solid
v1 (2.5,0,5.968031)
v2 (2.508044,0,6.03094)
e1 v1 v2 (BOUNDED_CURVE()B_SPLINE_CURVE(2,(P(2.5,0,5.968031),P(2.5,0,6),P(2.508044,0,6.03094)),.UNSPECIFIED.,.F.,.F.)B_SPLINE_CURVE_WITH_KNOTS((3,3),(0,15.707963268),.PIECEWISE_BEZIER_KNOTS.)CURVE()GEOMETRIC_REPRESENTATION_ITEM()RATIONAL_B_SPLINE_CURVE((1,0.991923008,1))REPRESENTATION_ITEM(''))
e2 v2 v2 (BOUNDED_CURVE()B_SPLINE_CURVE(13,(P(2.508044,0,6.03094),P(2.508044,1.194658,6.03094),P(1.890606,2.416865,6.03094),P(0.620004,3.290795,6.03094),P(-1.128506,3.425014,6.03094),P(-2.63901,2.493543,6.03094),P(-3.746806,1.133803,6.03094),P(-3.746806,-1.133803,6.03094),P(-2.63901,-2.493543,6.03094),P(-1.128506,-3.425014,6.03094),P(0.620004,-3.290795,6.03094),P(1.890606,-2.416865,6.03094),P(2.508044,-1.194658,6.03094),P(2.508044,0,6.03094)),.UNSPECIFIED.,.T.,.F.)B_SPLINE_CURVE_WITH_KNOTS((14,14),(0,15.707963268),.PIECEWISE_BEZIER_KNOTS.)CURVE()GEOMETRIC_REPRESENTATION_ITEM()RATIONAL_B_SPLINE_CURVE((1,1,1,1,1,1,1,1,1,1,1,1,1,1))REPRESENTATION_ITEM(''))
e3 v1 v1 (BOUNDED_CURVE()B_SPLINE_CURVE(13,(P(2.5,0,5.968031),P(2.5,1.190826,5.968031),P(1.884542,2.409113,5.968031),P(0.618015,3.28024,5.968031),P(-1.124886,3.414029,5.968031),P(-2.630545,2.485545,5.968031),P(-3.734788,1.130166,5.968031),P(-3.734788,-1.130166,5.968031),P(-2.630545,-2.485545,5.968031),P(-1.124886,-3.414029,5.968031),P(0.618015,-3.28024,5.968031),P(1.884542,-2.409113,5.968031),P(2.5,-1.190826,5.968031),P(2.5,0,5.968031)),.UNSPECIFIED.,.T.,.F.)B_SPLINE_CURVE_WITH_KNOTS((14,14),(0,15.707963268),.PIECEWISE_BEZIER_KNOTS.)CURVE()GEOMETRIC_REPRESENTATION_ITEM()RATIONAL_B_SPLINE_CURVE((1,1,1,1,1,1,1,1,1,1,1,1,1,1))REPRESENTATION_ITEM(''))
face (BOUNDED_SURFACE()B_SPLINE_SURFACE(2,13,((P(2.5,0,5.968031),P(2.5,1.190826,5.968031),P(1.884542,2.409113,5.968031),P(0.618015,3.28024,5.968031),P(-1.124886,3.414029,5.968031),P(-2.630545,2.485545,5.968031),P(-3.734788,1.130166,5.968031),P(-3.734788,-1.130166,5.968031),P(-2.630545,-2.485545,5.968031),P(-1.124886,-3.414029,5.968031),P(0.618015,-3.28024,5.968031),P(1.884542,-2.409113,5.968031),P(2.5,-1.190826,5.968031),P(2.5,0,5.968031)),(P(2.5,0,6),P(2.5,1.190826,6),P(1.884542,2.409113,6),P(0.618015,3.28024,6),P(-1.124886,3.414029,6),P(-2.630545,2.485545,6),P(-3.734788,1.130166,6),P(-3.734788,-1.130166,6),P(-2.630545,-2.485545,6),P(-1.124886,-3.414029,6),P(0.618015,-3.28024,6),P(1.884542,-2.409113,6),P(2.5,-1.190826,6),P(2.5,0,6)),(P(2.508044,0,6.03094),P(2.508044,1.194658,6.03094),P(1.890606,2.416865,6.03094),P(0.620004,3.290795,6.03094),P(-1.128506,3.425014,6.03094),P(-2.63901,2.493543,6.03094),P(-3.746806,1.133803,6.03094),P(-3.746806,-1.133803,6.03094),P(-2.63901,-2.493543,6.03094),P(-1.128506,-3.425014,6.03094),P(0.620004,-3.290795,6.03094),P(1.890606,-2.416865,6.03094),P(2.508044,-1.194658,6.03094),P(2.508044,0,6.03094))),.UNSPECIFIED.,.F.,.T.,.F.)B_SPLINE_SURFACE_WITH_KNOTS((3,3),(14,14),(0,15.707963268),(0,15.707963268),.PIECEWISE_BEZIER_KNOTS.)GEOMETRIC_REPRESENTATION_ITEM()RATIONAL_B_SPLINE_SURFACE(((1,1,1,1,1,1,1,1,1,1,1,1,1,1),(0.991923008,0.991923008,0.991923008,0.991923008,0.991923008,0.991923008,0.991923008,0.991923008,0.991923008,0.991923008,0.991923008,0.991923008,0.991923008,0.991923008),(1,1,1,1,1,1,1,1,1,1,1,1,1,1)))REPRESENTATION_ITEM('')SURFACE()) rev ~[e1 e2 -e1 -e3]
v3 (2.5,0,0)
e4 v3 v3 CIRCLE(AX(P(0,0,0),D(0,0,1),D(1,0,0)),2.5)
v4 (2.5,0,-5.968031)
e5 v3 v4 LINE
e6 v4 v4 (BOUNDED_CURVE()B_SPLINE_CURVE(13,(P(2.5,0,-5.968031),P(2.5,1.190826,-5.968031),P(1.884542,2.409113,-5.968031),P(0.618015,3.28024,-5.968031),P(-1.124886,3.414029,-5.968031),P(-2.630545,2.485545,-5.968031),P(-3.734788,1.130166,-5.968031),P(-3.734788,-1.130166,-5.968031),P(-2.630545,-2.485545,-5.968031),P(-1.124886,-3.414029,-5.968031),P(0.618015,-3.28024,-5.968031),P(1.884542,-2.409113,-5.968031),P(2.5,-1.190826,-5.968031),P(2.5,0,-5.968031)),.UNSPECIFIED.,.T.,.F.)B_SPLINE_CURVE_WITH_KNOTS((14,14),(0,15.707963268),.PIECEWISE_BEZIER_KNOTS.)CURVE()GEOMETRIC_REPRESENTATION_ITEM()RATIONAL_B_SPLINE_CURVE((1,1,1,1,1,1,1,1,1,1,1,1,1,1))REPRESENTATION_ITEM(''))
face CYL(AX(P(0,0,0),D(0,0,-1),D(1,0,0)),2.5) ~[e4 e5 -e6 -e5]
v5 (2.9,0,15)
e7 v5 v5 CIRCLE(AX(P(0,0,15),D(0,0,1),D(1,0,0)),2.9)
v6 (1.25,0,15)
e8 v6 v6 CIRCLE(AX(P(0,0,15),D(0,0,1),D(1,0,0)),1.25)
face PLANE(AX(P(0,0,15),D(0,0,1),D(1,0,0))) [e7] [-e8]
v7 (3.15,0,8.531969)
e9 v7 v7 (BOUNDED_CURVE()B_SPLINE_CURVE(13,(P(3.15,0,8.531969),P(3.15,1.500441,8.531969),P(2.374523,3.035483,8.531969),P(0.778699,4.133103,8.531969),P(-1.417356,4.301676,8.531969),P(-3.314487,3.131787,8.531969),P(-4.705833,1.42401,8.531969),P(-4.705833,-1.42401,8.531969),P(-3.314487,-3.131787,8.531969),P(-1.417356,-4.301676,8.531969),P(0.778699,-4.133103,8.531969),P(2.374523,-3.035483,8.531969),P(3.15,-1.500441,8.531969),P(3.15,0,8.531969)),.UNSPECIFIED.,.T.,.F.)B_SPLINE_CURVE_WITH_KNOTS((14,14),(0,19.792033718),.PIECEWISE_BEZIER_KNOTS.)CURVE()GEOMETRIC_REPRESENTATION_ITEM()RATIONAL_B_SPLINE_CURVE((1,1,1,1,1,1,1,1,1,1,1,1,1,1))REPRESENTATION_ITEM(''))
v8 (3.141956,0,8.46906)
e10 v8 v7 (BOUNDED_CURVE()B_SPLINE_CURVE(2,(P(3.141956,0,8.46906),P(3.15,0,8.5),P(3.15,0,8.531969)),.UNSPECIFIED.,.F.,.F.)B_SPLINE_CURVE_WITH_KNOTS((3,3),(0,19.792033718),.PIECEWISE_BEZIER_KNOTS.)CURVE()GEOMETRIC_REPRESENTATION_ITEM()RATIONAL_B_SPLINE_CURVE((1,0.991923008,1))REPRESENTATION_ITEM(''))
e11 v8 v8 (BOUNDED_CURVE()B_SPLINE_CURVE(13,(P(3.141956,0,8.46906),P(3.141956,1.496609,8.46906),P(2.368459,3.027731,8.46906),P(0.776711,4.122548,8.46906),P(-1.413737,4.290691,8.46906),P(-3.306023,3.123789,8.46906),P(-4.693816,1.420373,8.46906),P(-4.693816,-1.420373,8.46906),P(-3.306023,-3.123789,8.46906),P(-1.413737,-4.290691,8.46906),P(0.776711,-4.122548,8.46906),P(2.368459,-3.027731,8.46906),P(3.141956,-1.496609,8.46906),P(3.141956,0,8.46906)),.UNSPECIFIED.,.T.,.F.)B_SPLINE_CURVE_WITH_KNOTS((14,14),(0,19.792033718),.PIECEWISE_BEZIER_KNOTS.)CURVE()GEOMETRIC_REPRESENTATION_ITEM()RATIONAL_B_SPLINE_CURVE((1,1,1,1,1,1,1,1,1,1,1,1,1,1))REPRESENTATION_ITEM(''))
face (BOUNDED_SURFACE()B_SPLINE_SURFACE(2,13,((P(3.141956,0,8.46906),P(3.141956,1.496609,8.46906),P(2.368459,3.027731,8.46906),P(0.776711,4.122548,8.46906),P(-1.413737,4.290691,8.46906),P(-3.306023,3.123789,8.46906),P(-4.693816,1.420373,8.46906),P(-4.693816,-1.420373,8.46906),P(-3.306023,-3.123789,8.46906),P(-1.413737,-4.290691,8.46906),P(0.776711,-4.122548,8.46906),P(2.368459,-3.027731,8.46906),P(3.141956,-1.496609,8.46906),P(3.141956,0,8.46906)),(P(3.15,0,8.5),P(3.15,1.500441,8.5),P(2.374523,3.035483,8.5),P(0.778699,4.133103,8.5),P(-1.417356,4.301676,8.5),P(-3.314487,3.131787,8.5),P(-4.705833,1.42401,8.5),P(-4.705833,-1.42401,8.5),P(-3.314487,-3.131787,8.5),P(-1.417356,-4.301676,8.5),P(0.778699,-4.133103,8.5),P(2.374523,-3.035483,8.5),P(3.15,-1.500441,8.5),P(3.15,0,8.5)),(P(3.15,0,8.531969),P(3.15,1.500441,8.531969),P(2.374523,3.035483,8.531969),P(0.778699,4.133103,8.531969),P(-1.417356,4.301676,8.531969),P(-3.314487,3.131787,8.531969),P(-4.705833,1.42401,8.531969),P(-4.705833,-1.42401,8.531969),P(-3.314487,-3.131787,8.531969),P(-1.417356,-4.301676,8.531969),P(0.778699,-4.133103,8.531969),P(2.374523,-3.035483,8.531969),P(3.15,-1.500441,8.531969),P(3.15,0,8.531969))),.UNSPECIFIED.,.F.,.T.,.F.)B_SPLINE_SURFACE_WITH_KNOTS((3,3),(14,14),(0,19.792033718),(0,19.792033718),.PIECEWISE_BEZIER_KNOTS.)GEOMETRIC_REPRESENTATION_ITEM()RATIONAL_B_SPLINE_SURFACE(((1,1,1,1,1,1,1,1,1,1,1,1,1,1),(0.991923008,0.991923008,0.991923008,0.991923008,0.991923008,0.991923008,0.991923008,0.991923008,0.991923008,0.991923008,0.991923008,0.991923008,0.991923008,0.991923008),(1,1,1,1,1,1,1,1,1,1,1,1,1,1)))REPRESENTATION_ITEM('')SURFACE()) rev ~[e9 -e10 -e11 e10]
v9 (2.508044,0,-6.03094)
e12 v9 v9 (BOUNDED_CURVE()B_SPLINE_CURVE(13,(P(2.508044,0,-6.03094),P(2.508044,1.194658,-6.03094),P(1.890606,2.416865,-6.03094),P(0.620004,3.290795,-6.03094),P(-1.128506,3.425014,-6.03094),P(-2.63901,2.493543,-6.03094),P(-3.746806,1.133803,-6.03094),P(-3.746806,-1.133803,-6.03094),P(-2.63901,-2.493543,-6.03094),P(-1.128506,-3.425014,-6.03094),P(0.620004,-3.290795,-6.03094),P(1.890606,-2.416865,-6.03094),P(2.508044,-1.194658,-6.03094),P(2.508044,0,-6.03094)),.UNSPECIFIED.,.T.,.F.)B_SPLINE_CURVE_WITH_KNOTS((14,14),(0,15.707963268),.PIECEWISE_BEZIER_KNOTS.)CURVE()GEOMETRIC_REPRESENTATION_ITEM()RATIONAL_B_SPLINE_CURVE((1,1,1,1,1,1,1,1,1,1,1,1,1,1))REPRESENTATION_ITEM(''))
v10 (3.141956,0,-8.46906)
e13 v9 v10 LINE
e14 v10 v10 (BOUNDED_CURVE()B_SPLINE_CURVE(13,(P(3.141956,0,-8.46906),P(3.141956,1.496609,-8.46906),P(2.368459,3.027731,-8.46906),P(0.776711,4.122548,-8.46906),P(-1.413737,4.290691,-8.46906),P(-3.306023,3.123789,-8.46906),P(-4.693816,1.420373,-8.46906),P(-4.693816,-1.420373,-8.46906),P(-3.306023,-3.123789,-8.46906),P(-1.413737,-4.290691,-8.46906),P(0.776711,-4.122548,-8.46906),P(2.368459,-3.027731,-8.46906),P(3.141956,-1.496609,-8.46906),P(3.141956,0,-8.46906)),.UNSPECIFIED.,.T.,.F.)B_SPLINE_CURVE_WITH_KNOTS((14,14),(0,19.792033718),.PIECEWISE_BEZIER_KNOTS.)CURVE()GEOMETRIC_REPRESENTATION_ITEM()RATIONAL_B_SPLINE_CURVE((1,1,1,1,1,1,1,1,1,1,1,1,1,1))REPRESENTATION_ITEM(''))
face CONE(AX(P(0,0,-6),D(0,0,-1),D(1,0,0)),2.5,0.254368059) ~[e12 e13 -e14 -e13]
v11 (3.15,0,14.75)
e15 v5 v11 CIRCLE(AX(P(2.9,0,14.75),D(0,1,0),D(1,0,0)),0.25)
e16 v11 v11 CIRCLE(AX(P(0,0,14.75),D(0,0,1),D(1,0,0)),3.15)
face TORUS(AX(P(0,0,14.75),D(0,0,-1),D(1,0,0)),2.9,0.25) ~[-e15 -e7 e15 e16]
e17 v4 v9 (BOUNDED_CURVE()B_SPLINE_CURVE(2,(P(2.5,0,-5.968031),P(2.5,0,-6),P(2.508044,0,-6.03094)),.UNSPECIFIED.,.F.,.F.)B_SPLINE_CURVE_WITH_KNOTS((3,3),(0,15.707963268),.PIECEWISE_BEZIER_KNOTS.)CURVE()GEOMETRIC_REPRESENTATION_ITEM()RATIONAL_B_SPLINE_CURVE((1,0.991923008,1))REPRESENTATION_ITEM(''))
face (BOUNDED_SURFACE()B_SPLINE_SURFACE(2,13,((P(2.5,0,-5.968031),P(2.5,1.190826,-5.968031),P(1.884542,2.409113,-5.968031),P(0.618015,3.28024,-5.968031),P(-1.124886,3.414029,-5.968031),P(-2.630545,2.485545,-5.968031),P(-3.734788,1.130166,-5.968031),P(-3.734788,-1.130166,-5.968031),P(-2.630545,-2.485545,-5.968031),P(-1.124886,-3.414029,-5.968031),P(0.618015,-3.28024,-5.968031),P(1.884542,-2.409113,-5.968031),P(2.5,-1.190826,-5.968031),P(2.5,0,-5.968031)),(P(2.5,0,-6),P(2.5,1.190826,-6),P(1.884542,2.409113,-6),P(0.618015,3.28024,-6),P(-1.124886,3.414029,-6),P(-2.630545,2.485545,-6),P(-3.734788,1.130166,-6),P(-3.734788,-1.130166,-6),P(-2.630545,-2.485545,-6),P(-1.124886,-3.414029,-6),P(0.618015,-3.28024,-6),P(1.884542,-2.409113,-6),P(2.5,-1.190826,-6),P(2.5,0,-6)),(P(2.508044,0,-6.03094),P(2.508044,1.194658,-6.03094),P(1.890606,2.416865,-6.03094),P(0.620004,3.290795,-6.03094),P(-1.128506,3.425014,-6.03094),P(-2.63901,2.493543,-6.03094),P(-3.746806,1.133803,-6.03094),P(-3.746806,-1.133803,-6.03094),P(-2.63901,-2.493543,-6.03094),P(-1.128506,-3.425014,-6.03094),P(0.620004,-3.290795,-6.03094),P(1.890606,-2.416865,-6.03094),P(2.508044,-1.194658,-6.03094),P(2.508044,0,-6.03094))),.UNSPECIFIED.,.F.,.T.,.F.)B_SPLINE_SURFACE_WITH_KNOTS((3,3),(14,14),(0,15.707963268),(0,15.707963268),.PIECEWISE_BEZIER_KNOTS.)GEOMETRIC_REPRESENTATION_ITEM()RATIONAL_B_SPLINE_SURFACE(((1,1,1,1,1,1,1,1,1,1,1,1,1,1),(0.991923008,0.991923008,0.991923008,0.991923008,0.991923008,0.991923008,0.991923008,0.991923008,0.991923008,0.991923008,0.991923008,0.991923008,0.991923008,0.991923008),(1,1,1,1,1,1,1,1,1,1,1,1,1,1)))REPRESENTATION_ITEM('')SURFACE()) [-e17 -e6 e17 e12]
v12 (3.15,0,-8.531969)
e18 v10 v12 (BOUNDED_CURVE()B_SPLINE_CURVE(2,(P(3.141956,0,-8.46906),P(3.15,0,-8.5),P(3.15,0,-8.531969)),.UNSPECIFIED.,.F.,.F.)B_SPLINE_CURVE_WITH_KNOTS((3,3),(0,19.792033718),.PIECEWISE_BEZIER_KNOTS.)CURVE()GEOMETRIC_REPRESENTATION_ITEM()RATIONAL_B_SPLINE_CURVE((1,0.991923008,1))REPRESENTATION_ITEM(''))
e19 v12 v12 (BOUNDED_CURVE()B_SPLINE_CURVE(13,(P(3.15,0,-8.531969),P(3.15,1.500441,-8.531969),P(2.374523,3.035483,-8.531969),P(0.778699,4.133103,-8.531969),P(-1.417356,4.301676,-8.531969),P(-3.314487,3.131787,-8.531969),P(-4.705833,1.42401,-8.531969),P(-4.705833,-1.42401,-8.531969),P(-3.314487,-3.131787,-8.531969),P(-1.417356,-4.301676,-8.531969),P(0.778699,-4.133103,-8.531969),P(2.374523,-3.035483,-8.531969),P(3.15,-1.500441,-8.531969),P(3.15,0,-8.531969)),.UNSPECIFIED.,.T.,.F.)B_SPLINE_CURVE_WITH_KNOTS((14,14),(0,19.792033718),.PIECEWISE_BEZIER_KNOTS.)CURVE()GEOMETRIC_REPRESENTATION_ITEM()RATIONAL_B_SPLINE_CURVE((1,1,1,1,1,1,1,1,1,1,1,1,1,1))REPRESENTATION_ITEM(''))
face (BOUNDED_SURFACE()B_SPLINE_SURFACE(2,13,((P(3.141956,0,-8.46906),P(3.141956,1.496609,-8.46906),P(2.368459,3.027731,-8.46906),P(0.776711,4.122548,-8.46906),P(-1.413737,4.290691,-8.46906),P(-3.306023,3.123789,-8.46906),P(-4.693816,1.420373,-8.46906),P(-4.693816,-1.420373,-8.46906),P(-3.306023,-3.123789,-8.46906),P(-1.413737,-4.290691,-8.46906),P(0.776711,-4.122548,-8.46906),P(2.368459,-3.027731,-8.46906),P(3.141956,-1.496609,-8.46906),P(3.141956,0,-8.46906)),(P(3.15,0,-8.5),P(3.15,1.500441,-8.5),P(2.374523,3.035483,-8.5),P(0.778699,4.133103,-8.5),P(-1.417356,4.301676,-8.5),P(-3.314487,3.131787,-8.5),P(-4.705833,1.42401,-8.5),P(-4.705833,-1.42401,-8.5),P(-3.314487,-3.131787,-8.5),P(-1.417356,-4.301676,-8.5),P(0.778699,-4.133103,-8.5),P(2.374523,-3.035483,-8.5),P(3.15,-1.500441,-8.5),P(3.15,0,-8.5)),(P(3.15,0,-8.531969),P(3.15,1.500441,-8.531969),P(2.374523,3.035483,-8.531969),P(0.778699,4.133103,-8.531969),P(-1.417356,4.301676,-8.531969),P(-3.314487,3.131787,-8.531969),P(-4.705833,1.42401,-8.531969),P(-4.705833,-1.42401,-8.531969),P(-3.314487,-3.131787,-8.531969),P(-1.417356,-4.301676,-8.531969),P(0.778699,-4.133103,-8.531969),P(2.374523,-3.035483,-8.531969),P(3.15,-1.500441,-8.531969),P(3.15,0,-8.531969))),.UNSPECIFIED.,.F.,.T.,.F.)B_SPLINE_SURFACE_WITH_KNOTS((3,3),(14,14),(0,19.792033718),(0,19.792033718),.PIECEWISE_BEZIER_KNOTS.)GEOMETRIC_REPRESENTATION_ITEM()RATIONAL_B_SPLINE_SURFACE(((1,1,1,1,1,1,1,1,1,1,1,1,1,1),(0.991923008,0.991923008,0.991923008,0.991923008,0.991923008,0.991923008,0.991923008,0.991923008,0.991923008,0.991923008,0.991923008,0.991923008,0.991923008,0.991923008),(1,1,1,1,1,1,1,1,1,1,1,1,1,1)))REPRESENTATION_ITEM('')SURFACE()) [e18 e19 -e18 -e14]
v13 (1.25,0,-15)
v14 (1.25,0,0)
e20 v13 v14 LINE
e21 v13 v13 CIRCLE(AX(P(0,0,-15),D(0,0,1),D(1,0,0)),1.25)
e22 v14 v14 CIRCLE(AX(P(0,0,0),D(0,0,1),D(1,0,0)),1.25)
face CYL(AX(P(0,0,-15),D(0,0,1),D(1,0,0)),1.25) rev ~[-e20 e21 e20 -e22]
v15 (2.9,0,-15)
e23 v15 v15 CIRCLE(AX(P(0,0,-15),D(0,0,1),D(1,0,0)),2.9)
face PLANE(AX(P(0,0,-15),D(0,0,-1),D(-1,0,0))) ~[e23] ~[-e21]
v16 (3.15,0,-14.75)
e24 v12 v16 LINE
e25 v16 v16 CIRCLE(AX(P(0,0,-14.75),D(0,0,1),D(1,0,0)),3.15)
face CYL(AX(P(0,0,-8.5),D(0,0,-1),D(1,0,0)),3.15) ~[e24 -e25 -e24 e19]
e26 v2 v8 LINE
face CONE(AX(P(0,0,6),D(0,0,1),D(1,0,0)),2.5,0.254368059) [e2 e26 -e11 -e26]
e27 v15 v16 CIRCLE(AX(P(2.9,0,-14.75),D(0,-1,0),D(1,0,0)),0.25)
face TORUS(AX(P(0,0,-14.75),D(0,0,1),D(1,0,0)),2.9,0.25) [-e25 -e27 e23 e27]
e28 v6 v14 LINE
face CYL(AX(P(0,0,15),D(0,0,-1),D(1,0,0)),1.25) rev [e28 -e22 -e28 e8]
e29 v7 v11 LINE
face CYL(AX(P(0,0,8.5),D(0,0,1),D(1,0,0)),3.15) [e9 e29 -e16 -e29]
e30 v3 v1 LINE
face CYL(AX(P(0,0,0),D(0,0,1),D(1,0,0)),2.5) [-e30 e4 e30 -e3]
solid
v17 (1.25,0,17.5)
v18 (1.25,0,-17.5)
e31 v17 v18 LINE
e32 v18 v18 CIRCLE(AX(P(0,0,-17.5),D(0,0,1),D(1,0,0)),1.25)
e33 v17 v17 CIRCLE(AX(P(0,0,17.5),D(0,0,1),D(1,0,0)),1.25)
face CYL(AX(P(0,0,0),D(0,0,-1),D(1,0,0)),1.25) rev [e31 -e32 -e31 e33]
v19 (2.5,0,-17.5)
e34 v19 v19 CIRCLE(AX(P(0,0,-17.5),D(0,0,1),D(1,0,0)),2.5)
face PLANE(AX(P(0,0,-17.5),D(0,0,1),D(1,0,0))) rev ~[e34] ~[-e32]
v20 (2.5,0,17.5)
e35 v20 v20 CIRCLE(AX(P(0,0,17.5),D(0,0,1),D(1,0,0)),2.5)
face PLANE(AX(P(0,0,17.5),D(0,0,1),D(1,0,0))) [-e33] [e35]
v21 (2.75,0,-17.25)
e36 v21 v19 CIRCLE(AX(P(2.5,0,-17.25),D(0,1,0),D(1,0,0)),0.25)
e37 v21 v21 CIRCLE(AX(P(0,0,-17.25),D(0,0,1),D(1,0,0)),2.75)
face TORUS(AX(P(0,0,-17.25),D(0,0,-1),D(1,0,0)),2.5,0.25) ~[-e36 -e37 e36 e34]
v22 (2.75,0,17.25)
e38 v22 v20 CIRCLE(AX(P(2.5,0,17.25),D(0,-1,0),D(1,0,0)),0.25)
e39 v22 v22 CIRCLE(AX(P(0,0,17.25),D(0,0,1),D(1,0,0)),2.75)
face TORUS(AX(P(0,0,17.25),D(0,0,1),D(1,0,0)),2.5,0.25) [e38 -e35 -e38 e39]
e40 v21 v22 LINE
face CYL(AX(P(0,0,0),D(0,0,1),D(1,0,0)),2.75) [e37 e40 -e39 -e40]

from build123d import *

# Parameters (mm, degrees)
F2_R     = 0.25
F4_R     = 2.75
F4_R_2   = 1.25
F5_DEPTH = 17.5
F6_R     = 0.25


with BuildPart() as f1:
    # F0 (on Front) → F1 (revolve)
    with BuildSketch(Plane.XZ):
        Polygon((3.15, 15), (1.25, 15), (1.25, 0), (2.5, 0), (2.5, 6), (3.15, 8.5), align=None)
    revolve(axis=Axis((0, 0, 7.5), (0, 0, 1)))

    # F2
    f2_edges = [f1.edges().sort_by_distance(p)[0] for p in [
        (-3.15, 0, 15),
        (-3.15, 0, 8.5),
        (-2.5, 0, 6),
    ]]
    fillet(f2_edges, radius=F2_R)

    # F3: F1 across plane


with BuildPart() as f1_1:
    add(f1.part)
    add(f1.part.mirror(Plane.XY))


with BuildPart() as f5:
    # F4 (on Top) → F5 (new body, symmetric)
    with BuildSketch(Plane.XY):
        Circle(F4_R)
        Circle(F4_R_2, mode=Mode.SUBTRACT)
    extrude(amount=F5_DEPTH, both=True)

    # F6
    f6_edges = [f5.edges().sort_by_distance(p)[0] for p in [
        (-2.75, 0, 17.5),
        (-2.75, 0, -17.5),
    ]]
    fillet(f6_edges, radius=F6_R)


solid = Compound([f1_1.part, f5.part])
